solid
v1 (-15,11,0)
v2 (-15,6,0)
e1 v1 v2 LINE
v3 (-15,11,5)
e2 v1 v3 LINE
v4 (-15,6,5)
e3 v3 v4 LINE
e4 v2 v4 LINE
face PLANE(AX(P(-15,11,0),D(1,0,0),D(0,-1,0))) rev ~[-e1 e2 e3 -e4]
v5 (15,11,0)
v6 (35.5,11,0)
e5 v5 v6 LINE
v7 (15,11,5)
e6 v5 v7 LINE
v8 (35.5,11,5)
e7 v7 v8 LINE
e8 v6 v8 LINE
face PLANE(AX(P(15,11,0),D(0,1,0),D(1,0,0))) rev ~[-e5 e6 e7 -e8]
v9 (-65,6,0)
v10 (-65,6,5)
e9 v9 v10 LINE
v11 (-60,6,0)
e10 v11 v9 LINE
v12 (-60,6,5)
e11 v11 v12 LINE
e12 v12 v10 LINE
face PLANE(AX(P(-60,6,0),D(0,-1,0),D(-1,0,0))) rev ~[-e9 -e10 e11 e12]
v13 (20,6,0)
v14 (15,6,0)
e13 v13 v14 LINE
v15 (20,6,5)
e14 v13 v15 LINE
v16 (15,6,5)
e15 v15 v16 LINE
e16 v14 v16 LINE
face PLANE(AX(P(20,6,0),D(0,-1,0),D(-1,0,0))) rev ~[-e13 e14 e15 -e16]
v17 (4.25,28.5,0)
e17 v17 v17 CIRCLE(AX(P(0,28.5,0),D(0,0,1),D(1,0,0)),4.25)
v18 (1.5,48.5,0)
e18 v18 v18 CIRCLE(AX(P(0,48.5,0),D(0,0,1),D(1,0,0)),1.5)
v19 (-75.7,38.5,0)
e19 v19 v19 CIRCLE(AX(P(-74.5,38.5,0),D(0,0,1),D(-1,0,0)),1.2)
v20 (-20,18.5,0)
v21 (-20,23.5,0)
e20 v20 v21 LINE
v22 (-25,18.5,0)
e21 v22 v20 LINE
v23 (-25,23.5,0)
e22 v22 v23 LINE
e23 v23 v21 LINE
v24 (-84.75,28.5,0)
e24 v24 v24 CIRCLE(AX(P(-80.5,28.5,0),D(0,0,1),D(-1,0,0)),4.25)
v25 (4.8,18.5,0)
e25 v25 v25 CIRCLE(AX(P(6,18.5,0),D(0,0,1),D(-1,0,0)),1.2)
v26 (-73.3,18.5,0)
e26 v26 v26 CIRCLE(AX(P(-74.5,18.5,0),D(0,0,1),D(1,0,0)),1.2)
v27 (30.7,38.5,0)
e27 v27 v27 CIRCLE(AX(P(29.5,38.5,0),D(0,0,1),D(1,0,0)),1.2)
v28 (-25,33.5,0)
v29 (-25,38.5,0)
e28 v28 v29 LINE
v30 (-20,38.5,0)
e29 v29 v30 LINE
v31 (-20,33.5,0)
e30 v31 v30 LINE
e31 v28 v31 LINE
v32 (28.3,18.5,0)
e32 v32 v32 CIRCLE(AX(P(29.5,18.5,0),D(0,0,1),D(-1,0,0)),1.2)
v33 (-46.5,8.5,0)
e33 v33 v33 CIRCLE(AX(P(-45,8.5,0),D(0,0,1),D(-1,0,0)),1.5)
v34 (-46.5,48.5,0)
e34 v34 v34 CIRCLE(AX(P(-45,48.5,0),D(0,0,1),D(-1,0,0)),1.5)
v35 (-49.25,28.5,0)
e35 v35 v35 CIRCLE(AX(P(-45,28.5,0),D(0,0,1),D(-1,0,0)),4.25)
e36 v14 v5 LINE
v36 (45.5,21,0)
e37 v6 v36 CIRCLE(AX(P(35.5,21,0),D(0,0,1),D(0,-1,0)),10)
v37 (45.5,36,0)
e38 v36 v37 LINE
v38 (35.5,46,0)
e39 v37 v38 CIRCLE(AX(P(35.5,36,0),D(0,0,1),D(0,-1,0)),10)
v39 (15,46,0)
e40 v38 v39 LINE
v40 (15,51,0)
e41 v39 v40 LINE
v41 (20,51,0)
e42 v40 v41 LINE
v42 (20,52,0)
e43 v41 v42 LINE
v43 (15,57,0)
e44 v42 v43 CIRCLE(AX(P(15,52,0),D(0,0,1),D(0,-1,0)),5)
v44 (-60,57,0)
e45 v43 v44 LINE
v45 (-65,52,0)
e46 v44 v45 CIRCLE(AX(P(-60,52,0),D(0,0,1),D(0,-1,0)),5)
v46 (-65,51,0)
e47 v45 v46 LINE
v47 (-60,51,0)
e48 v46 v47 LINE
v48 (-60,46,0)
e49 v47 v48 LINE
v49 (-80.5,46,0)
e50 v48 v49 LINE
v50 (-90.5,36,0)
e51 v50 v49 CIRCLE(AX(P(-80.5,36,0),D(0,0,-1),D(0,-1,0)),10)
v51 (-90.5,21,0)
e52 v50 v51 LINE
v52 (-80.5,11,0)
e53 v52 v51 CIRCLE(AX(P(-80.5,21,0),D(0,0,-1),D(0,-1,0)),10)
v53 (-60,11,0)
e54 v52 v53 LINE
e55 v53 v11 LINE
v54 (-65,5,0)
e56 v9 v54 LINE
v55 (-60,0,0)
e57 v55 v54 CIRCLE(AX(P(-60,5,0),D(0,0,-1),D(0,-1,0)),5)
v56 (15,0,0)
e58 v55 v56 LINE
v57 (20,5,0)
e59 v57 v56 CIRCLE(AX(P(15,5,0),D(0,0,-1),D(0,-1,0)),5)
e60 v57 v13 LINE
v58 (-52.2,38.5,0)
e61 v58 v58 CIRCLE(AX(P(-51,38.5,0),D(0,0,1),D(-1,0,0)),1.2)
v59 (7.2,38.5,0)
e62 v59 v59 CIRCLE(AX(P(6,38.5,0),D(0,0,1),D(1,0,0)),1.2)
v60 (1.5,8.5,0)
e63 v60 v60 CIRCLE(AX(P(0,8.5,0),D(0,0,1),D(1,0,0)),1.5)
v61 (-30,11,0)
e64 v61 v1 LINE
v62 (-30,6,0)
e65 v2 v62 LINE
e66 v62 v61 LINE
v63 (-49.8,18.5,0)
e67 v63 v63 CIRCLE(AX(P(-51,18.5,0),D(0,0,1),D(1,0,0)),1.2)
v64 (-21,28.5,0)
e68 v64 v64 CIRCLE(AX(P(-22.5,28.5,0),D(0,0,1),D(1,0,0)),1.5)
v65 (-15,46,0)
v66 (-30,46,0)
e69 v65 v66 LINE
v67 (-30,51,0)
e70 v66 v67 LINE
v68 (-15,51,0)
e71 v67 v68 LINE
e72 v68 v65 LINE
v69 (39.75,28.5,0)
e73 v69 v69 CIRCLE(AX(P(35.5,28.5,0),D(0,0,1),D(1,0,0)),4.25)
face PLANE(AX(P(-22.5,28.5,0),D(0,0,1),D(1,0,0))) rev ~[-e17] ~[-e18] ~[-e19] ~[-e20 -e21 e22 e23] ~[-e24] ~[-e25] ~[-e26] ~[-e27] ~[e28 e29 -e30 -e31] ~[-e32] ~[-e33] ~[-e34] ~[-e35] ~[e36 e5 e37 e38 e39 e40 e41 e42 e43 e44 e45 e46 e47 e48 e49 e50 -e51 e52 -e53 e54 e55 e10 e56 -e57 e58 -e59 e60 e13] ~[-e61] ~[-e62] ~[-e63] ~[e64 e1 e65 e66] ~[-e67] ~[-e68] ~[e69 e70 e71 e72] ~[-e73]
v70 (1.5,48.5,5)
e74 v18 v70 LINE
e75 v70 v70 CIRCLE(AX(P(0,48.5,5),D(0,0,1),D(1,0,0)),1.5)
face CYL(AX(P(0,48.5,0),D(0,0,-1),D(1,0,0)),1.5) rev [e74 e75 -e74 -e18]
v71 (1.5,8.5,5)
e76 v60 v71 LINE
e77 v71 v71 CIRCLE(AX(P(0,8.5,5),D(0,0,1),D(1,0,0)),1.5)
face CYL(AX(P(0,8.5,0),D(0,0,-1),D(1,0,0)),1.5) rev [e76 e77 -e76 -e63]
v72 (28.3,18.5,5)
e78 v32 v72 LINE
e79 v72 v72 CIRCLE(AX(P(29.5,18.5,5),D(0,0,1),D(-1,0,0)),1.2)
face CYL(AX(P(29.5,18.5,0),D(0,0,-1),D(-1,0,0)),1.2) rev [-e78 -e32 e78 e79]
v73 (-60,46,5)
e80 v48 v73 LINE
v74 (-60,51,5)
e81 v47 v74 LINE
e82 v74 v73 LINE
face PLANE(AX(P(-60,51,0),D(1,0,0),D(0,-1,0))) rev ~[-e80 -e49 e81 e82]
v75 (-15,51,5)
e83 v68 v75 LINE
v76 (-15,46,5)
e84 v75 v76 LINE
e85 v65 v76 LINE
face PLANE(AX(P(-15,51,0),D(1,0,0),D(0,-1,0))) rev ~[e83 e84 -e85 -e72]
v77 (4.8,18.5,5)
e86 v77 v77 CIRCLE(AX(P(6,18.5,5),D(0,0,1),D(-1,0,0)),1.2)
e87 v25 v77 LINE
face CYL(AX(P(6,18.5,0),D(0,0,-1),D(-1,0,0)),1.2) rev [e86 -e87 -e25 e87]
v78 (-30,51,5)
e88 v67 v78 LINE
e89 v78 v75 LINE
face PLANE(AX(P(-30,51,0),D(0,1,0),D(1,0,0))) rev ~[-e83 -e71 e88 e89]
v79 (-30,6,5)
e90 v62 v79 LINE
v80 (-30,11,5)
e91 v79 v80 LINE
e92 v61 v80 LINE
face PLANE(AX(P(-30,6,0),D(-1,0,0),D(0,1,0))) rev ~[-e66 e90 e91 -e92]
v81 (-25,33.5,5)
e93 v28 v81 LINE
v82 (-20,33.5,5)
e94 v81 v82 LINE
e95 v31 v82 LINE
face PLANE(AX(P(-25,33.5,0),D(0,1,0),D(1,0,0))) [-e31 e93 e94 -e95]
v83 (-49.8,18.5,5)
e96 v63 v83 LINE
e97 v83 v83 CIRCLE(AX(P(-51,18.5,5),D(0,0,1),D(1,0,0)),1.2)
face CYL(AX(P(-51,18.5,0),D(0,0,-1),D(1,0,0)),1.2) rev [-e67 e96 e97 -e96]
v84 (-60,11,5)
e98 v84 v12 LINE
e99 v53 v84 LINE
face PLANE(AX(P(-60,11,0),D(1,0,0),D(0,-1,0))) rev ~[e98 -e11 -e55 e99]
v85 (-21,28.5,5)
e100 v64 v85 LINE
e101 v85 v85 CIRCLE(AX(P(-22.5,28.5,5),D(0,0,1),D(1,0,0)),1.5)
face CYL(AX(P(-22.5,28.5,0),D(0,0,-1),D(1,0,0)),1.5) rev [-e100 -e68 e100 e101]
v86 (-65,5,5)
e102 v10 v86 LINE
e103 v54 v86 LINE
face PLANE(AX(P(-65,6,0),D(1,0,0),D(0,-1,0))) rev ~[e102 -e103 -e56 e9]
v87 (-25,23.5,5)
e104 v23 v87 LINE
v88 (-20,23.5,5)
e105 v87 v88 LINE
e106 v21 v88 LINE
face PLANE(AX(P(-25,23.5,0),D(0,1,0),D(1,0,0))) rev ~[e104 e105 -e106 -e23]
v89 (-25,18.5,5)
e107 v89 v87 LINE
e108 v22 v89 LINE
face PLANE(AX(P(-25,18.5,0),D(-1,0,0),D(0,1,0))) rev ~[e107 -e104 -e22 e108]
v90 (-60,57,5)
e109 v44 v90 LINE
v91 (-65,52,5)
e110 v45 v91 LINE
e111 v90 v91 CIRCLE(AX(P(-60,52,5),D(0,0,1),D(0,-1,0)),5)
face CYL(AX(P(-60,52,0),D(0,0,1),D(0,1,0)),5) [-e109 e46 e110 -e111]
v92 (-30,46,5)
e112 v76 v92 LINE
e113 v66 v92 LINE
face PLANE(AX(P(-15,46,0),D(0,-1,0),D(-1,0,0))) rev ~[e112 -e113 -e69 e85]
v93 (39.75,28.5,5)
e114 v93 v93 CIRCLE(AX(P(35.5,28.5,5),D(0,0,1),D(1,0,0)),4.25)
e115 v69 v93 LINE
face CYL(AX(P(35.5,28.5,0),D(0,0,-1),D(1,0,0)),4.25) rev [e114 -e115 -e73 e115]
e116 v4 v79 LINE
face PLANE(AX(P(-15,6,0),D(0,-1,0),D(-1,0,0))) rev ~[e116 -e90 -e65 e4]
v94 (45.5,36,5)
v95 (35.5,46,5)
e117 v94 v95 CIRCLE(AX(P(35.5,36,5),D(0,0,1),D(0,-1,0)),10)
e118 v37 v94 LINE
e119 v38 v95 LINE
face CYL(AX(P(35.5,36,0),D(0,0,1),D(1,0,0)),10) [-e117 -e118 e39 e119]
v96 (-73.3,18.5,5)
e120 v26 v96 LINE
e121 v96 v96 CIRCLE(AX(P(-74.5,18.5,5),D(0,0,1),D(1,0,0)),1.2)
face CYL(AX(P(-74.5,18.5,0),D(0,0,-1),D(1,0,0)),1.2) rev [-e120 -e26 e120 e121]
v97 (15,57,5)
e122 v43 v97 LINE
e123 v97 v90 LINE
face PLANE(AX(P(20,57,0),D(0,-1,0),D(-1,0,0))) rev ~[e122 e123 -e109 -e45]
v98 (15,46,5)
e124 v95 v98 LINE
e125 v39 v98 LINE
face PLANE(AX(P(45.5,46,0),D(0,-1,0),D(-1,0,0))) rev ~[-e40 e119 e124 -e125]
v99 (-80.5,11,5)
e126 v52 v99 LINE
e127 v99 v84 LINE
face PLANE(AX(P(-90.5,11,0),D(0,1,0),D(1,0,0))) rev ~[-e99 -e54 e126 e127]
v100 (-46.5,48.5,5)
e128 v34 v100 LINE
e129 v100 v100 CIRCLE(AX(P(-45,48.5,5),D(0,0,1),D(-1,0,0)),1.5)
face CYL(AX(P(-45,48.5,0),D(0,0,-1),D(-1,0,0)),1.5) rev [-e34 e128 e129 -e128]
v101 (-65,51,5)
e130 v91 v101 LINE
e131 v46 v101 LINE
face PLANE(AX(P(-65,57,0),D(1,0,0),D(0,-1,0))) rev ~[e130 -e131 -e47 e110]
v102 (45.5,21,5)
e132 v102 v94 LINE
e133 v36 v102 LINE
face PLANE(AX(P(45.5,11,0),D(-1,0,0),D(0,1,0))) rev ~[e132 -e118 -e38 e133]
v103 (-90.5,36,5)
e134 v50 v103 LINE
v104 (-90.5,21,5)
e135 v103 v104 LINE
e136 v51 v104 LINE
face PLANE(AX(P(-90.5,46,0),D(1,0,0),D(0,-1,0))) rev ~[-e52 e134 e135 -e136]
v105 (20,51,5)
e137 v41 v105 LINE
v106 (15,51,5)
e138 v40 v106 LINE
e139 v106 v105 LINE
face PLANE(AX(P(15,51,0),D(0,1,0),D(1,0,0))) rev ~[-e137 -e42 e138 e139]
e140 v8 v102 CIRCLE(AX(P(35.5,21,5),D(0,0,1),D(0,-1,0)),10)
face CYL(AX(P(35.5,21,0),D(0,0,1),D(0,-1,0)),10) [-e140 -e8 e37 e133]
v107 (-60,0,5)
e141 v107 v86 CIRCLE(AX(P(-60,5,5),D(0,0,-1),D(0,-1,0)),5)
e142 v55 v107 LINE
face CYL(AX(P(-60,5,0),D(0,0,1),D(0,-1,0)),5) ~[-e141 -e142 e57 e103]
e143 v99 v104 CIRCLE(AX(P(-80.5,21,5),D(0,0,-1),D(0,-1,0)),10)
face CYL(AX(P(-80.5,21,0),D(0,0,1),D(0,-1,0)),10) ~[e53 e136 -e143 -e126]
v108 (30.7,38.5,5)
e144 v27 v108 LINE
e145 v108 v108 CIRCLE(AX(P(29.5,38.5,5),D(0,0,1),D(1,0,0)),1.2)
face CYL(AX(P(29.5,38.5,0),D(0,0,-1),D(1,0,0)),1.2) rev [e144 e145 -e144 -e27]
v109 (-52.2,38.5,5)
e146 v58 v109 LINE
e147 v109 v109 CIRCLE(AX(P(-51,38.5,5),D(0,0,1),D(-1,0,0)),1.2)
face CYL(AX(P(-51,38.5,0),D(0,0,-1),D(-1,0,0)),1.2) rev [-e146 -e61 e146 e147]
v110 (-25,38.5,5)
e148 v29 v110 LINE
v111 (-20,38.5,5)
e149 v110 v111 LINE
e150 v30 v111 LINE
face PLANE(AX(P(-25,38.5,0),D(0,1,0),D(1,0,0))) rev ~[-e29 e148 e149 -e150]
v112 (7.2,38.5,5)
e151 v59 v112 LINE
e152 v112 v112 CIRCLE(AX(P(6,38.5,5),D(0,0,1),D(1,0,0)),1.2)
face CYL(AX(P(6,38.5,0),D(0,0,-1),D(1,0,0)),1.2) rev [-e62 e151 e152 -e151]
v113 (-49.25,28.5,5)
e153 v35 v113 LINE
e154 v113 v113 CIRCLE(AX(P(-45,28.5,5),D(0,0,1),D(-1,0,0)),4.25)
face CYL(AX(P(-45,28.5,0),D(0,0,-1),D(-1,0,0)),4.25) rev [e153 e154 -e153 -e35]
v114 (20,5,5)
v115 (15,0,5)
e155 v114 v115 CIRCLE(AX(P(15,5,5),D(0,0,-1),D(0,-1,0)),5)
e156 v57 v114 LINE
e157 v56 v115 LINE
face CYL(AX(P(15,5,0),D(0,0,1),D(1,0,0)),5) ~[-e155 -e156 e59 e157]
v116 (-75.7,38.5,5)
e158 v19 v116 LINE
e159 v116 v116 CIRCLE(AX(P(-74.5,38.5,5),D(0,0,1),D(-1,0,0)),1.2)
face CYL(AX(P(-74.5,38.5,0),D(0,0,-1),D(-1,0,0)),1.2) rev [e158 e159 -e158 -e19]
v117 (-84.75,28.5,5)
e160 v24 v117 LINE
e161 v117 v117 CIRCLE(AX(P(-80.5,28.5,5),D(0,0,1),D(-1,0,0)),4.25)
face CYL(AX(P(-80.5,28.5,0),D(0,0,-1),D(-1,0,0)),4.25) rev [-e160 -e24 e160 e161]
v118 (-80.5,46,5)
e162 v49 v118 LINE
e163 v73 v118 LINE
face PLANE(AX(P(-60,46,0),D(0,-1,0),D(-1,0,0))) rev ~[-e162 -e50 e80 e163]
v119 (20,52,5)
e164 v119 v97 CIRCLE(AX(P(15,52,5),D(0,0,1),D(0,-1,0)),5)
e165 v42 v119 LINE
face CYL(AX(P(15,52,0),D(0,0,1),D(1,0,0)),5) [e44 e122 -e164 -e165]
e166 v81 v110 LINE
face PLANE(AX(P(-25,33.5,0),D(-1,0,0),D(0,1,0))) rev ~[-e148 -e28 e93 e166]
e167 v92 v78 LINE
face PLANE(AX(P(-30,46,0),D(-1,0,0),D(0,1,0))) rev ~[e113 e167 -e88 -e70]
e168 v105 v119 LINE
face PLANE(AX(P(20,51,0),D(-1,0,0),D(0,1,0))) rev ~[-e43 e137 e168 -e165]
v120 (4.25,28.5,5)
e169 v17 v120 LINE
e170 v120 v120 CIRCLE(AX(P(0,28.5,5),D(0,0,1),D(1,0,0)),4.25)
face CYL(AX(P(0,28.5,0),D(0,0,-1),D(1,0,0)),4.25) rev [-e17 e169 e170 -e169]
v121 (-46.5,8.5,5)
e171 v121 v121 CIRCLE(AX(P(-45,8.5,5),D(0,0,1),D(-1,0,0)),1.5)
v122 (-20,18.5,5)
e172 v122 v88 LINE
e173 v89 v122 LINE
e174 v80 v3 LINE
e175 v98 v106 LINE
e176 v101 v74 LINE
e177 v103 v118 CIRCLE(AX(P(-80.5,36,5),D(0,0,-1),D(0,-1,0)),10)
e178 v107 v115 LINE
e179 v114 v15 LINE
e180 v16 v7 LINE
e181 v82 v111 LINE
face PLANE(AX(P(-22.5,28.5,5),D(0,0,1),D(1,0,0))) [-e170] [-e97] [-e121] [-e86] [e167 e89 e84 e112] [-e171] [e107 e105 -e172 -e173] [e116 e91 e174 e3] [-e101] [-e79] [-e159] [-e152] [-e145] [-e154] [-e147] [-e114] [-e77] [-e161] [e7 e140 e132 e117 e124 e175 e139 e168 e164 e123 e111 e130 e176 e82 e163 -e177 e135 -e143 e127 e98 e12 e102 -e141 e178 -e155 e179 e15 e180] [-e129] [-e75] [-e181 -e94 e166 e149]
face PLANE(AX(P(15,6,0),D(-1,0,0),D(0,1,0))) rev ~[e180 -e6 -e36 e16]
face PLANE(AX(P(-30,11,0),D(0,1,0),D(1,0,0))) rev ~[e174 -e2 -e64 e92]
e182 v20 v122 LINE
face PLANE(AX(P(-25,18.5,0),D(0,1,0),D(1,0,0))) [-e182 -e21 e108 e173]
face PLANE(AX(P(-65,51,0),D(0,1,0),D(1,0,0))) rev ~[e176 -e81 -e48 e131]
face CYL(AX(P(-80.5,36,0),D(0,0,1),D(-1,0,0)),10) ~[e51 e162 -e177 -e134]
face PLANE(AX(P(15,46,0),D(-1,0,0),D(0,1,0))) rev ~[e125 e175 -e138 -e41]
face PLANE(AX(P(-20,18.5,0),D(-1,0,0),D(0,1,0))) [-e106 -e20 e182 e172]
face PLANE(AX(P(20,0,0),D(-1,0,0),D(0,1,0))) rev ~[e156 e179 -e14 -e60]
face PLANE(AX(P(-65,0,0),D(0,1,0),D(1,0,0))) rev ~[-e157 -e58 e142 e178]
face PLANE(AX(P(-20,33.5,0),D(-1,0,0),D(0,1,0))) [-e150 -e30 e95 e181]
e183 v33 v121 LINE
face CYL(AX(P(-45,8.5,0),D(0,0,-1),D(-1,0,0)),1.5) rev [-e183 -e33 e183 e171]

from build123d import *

# Parameters (mm, degrees)
ESQUISSE1_R        = 1.5
ESQUISSE1_R_2      = 4.25
ESQUISSE1_R_3      = 1.2
ESQUISSE1_W        = 5
ESQUISSE1_H        = 5
BOSS_EXTRU_1_DEPTH = 5
CONG_1_R           = 5
CONG_2_R           = 10


with BuildPart() as part:
    # Esquisse1 → Boss.-Extru.1 (new body)
    with BuildSketch(Plane.XY):
        Polygon((-20, 0), (20, 0), (20, 6), (15, 6), (15, 11), (20, 11), (45.5, 11), (45.5, 46), (20, 46), (15, 46), (15, 51), (20, 51), (20, 57), (-20, 57), (-25, 57), (-65, 57), (-65, 51), (-60, 51), (-60, 46), (-65, 46), (-90.5, 46), (-90.5, 11), (-65, 11), (-60, 11), (-60, 6), (-65, 6), (-65, 0), (-25, 0), align=None)
        with Locations((0, 48.5)):
            Circle(ESQUISSE1_R, mode=Mode.SUBTRACT)
        with Locations((0, 8.5)):
            Circle(ESQUISSE1_R, mode=Mode.SUBTRACT)
        with Locations((0, 28.5)):
            Circle(ESQUISSE1_R_2, mode=Mode.SUBTRACT)
        with Locations(Location((-45, 8.5, 0), (0, 0, 180))):
            Circle(ESQUISSE1_R, mode=Mode.SUBTRACT)
        with Locations(Location((-45, 28.5, 0), (0, 0, 180))):
            Circle(ESQUISSE1_R_2, mode=Mode.SUBTRACT)
        with Locations(Location((-45, 48.5, 0), (0, 0, 180))):
            Circle(ESQUISSE1_R, mode=Mode.SUBTRACT)
        with Locations((6, 38.5)):
            Circle(ESQUISSE1_R_3, mode=Mode.SUBTRACT)
        with Locations(Location((6, 18.5, 0), (0, 0, 180))):
            Circle(ESQUISSE1_R_3, mode=Mode.SUBTRACT)
        with Locations((-51, 18.5)):
            Circle(ESQUISSE1_R_3, mode=Mode.SUBTRACT)
        with Locations(Location((-51, 38.5, 0), (0, 0, 180))):
            Circle(ESQUISSE1_R_3, mode=Mode.SUBTRACT)
        with Locations((35.5, 28.5)):
            Circle(ESQUISSE1_R_2, mode=Mode.SUBTRACT)
        with Locations(Location((-80.5, 28.5, 0), (0, 0, 180))):
            Circle(ESQUISSE1_R_2, mode=Mode.SUBTRACT)
        with Locations((29.5, 38.5)):
            Circle(ESQUISSE1_R_3, mode=Mode.SUBTRACT)
        with Locations(Location((29.5, 18.5, 0), (0, 0, 180))):
            Circle(ESQUISSE1_R_3, mode=Mode.SUBTRACT)
        with Locations((-74.5, 18.5)):
            Circle(ESQUISSE1_R_3, mode=Mode.SUBTRACT)
        with Locations(Location((-74.5, 38.5, 0), (0, 0, 180))):
            Circle(ESQUISSE1_R_3, mode=Mode.SUBTRACT)
        with Locations((-22.5, 28.5)):
            Circle(ESQUISSE1_R, mode=Mode.SUBTRACT)
        Polygon((-20, 51), (-15, 51), (-15, 46), (-20, 46), (-25, 46), (-30, 46), (-30, 51), (-25, 51), align=None, mode=Mode.SUBTRACT)
        Polygon((-20, 11), (-15, 11), (-15, 6), (-20, 6), (-25, 6), (-30, 6), (-30, 11), (-25, 11), align=None, mode=Mode.SUBTRACT)
        with Locations((-22.5, 21)):
            Rectangle(ESQUISSE1_W, ESQUISSE1_H, mode=Mode.SUBTRACT)
        with Locations((-22.5, 36)):
            Rectangle(ESQUISSE1_W, ESQUISSE1_H, mode=Mode.SUBTRACT)
    extrude(amount=BOSS_EXTRU_1_DEPTH)

    # Congé1
    cong_1_edges = [part.edges().sort_by_distance(p)[0] for p in [
        (-65, 0, 2.5),
        (-65, 57, 2.5),
        (20, 57, 2.5),
        (20, 0, 2.5),
    ]]
    fillet(cong_1_edges, radius=CONG_1_R)

    # Congé2
    cong_2_edges = [part.edges().sort_by_distance(p)[0] for p in [
        (-90.5, 11, 2.5),
        (-90.5, 46, 2.5),
        (45.5, 46, 2.5),
        (45.5, 11, 2.5),
    ]]
    fillet(cong_2_edges, radius=CONG_2_R)


solid = part.part
